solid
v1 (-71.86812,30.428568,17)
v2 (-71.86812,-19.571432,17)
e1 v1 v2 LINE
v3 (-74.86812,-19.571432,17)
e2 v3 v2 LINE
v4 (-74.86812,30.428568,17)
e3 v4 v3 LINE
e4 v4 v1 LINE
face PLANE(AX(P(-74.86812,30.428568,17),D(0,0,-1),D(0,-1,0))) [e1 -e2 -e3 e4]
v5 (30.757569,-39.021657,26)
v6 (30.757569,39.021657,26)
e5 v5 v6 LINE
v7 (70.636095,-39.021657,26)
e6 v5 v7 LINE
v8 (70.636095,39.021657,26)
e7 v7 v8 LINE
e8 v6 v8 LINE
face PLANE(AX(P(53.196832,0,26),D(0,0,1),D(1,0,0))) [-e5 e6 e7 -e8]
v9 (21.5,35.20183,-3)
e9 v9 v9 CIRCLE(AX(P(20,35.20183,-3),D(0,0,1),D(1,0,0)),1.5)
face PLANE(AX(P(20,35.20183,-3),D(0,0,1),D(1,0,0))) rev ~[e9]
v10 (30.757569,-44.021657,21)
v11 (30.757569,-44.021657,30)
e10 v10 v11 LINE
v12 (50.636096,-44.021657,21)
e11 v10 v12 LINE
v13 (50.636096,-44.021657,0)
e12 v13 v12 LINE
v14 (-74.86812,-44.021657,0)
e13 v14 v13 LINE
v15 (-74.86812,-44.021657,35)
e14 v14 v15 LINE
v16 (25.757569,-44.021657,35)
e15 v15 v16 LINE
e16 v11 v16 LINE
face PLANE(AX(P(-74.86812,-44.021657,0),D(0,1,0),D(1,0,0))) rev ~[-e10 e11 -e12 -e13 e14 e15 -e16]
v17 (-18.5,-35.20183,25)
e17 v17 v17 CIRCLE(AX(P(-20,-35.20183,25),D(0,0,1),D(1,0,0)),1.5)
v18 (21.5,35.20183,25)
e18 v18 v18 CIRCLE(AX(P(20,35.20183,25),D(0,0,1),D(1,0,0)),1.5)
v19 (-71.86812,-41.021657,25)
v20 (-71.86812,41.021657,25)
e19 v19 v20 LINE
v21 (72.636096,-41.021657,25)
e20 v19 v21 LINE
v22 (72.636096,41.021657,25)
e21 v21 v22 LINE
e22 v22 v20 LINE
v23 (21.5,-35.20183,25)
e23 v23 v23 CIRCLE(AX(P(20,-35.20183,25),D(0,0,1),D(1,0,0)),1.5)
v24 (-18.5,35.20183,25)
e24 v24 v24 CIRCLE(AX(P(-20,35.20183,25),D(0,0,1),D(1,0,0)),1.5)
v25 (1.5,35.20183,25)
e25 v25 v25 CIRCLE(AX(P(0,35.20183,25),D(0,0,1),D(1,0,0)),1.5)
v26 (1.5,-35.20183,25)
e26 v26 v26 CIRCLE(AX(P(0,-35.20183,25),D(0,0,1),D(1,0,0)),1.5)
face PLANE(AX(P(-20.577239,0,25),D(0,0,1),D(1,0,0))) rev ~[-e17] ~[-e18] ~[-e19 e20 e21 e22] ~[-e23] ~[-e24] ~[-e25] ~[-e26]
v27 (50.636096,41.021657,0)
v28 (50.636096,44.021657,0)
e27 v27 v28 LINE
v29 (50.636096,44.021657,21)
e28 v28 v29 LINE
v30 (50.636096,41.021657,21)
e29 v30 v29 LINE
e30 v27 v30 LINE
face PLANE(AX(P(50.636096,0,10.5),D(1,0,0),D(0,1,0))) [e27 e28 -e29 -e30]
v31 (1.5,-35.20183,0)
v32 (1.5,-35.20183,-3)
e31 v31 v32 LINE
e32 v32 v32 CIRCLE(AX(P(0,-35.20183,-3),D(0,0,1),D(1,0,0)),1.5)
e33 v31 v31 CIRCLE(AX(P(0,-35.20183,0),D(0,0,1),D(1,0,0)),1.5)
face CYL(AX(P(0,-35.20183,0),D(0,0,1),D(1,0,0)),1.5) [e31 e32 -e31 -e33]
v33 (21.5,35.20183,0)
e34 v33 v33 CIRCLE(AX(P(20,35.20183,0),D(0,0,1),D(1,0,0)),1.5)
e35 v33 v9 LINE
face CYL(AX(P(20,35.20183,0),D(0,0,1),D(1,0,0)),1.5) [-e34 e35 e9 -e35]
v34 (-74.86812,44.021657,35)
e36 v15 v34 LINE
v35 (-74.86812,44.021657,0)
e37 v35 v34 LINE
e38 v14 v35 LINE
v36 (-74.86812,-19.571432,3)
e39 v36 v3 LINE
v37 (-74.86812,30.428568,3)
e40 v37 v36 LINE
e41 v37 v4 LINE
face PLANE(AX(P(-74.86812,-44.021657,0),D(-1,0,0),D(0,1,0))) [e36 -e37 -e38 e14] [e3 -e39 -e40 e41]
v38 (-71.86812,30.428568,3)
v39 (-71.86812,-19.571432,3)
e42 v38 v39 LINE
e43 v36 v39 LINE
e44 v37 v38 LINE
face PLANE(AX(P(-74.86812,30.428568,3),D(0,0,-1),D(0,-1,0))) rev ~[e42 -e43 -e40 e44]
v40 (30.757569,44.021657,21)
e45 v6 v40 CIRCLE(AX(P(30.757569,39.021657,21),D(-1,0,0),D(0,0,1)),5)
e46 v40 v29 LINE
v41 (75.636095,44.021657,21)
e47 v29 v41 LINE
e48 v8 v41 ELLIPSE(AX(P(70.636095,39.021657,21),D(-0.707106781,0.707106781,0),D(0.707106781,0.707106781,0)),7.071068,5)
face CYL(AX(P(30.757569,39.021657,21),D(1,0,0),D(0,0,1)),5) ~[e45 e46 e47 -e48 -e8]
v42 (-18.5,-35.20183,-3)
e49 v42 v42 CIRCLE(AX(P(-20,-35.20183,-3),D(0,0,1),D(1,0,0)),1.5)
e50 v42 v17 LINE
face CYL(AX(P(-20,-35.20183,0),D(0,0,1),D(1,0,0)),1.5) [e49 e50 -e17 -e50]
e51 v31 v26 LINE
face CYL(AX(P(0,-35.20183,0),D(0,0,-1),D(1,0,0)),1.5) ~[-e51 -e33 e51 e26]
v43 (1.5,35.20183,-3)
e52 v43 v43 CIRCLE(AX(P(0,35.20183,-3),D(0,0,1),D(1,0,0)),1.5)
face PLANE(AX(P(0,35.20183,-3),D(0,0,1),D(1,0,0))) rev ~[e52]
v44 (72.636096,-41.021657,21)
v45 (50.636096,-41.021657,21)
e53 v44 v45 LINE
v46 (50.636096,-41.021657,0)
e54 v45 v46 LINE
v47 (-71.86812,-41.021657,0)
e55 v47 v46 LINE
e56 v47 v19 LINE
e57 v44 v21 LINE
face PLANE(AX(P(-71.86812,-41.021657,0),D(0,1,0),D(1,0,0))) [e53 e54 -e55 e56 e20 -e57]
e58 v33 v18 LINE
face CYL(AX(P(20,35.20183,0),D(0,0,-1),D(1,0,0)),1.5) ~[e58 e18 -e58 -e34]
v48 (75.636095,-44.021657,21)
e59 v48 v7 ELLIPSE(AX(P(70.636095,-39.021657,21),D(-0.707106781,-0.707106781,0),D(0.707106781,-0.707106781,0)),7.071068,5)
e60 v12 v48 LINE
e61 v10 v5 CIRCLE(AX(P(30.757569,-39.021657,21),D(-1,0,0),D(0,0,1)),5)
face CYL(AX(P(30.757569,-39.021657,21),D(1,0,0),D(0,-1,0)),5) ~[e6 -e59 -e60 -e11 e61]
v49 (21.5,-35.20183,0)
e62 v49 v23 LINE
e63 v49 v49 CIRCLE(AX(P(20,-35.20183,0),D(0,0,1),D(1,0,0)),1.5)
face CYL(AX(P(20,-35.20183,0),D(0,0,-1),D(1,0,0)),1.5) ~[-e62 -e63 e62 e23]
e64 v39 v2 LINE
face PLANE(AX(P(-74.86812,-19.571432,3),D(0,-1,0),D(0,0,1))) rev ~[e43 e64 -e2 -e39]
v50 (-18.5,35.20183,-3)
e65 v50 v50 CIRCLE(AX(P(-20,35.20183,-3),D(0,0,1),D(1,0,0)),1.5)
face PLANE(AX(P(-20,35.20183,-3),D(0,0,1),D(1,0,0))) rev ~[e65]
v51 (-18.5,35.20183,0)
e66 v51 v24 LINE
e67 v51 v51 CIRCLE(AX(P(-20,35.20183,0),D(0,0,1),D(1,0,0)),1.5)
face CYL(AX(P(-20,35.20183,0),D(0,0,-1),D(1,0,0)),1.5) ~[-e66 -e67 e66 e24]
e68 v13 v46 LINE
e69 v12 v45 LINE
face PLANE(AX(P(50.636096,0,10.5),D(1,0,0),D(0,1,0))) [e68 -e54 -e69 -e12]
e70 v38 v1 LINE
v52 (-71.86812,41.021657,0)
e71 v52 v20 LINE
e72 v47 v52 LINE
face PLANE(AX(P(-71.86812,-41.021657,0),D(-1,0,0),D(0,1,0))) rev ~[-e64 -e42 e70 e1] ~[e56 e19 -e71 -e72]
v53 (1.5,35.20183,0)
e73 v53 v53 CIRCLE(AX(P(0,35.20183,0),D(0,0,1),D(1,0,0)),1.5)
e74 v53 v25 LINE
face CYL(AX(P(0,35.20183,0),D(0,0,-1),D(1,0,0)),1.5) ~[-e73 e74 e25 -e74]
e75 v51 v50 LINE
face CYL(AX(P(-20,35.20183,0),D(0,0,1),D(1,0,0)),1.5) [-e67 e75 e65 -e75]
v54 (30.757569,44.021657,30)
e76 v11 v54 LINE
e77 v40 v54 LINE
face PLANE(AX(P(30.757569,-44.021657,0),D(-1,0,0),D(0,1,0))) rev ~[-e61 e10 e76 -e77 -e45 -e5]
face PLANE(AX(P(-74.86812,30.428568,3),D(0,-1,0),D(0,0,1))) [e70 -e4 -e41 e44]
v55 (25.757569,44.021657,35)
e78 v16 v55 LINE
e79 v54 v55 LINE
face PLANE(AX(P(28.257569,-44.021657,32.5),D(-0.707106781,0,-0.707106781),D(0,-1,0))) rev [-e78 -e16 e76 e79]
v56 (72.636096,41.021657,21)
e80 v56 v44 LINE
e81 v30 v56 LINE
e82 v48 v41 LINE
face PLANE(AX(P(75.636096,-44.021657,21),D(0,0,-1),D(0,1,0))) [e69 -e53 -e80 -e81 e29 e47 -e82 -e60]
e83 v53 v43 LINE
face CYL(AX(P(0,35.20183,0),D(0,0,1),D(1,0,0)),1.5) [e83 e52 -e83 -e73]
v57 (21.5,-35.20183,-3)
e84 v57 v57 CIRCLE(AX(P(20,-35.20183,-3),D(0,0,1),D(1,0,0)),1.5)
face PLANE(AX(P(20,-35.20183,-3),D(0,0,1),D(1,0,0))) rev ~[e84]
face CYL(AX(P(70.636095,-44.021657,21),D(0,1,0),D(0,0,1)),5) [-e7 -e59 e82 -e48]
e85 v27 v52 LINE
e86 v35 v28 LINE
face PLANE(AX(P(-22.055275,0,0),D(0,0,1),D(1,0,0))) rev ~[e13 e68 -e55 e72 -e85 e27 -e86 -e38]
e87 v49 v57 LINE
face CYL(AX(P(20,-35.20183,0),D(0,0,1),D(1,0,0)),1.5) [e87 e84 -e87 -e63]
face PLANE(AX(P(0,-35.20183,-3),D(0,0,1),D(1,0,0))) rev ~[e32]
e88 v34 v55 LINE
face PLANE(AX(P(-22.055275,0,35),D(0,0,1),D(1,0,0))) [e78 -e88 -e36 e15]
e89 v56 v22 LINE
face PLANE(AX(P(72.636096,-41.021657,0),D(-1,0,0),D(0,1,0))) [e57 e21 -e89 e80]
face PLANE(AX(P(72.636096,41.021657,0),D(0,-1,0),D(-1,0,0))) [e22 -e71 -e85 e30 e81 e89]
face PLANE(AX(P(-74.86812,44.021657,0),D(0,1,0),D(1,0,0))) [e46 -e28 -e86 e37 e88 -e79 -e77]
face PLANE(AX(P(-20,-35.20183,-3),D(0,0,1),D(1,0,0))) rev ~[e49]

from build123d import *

# Parameters (mm, degrees)
F0_W          = 105.625689
F0_H          = 88.043314
F0_R          = 1.5
F1_DEPTH      = 35
F0_W_2        = 44.878527
F2_DEPTH      = 26
F3_SIZE       = 5
F4_W          = 102.581762
F4_H          = 82.043314
F4_W_2        = 41.922454
F5_DEPTH      = 25
F6_R          = 5
F7_W          = 50
F7_H          = 14
F8_DEPTH      = 3
F9_DEPTH      = 25
F9_DEPTH_BACK = 3
F10_W         = 88.043314
F10_H         = 21
F11_DEPTH     = 25


with BuildPart() as f1:
    # F0 (on Top) → F1 (new body)
    with BuildSketch(Plane.XY):
        with Locations((-22.055275, 0)):
            Rectangle(F0_W, F0_H)
        with Locations((-20, -35.20183)):
            Circle(F0_R, mode=Mode.SUBTRACT)
        with Locations((0, -35.20183)):
            Circle(F0_R, mode=Mode.SUBTRACT)
        with Locations((20, -35.20183)):
            Circle(F0_R, mode=Mode.SUBTRACT)
        with Locations((-20, 35.20183)):
            Circle(F0_R, mode=Mode.SUBTRACT)
        with Locations((0, 35.20183)):
            Circle(F0_R, mode=Mode.SUBTRACT)
        with Locations((20, 35.20183)):
            Circle(F0_R, mode=Mode.SUBTRACT)
        with Locations((-20, 35.20183)):
            Circle(F0_R)
        with Locations((0, 35.20183)):
            Circle(F0_R)
        with Locations((20, 35.20183)):
            Circle(F0_R)
        with Locations((20, -35.20183)):
            Circle(F0_R)
        with Locations((0, -35.20183)):
            Circle(F0_R)
        with Locations((-20, -35.20183)):
            Circle(F0_R)
    extrude(amount=F1_DEPTH)

    # F0 (on Top) → F2 (join)
    with BuildSketch(Plane.XY):
        with Locations((53.196832, 0)):
            Rectangle(F0_W_2, F0_H)
    extrude(amount=F2_DEPTH)

    # F3
    f3_edges = [f1.edges().sort_by_distance(p)[0] for p in [
        (30.757569, 0, 35),
    ]]
    chamfer(f3_edges, length=F3_SIZE)

    # F4 (on Top) → F5 (cut)
    with BuildSketch(Plane.XY):
        with Locations((-20.577239, 0)):
            Rectangle(F4_W, F4_H)
        with Locations((51.674869, 0)):
            Rectangle(F4_W_2, F4_H)
    extrude(amount=F5_DEPTH, mode=Mode.SUBTRACT)

    # F6
    f6_edges = [f1.edges().sort_by_distance(p)[0] for p in [
        (53.196833, -44.021657, 26),
        (75.636096, 0, 26),
        (53.196833, 44.021657, 26),
    ]]
    fillet(f6_edges, radius=F6_R)

    # F7 (on face) → F8 (cut)
    with BuildSketch(Plane(origin=(-74.86812, 0, 0), x_dir=(0, -1, 0), z_dir=(-1, 0, 0))):
        with Locations((-5.428568, 10)):
            Rectangle(F7_W, F7_H)
    extrude(amount=-F8_DEPTH, mode=Mode.SUBTRACT)

    # F0 (on Top) → F9 (join, two sides)
    with BuildSketch(Plane.XY) as f9_sk:
        with Locations((-20, -35.20183)):
            Circle(F0_R)
        with Locations((0, -35.20183)):
            Circle(F0_R)
        with Locations((20, -35.20183)):
            Circle(F0_R)
        with Locations((-20, 35.20183)):
            Circle(F0_R)
        with Locations((20, 35.20183)):
            Circle(F0_R)
        with Locations((0, 35.20183)):
            Circle(F0_R)
    extrude(amount=F9_DEPTH)
    extrude(f9_sk.sketch, amount=-F9_DEPTH_BACK)

    # F10 (on face) → F11 (cut)
    with BuildSketch(Plane.YZ.offset(75.636096)):
        with Locations((0, 10.5)):
            Rectangle(F10_W, F10_H)
    extrude(amount=-F11_DEPTH, mode=Mode.SUBTRACT)


solid = f1.part
